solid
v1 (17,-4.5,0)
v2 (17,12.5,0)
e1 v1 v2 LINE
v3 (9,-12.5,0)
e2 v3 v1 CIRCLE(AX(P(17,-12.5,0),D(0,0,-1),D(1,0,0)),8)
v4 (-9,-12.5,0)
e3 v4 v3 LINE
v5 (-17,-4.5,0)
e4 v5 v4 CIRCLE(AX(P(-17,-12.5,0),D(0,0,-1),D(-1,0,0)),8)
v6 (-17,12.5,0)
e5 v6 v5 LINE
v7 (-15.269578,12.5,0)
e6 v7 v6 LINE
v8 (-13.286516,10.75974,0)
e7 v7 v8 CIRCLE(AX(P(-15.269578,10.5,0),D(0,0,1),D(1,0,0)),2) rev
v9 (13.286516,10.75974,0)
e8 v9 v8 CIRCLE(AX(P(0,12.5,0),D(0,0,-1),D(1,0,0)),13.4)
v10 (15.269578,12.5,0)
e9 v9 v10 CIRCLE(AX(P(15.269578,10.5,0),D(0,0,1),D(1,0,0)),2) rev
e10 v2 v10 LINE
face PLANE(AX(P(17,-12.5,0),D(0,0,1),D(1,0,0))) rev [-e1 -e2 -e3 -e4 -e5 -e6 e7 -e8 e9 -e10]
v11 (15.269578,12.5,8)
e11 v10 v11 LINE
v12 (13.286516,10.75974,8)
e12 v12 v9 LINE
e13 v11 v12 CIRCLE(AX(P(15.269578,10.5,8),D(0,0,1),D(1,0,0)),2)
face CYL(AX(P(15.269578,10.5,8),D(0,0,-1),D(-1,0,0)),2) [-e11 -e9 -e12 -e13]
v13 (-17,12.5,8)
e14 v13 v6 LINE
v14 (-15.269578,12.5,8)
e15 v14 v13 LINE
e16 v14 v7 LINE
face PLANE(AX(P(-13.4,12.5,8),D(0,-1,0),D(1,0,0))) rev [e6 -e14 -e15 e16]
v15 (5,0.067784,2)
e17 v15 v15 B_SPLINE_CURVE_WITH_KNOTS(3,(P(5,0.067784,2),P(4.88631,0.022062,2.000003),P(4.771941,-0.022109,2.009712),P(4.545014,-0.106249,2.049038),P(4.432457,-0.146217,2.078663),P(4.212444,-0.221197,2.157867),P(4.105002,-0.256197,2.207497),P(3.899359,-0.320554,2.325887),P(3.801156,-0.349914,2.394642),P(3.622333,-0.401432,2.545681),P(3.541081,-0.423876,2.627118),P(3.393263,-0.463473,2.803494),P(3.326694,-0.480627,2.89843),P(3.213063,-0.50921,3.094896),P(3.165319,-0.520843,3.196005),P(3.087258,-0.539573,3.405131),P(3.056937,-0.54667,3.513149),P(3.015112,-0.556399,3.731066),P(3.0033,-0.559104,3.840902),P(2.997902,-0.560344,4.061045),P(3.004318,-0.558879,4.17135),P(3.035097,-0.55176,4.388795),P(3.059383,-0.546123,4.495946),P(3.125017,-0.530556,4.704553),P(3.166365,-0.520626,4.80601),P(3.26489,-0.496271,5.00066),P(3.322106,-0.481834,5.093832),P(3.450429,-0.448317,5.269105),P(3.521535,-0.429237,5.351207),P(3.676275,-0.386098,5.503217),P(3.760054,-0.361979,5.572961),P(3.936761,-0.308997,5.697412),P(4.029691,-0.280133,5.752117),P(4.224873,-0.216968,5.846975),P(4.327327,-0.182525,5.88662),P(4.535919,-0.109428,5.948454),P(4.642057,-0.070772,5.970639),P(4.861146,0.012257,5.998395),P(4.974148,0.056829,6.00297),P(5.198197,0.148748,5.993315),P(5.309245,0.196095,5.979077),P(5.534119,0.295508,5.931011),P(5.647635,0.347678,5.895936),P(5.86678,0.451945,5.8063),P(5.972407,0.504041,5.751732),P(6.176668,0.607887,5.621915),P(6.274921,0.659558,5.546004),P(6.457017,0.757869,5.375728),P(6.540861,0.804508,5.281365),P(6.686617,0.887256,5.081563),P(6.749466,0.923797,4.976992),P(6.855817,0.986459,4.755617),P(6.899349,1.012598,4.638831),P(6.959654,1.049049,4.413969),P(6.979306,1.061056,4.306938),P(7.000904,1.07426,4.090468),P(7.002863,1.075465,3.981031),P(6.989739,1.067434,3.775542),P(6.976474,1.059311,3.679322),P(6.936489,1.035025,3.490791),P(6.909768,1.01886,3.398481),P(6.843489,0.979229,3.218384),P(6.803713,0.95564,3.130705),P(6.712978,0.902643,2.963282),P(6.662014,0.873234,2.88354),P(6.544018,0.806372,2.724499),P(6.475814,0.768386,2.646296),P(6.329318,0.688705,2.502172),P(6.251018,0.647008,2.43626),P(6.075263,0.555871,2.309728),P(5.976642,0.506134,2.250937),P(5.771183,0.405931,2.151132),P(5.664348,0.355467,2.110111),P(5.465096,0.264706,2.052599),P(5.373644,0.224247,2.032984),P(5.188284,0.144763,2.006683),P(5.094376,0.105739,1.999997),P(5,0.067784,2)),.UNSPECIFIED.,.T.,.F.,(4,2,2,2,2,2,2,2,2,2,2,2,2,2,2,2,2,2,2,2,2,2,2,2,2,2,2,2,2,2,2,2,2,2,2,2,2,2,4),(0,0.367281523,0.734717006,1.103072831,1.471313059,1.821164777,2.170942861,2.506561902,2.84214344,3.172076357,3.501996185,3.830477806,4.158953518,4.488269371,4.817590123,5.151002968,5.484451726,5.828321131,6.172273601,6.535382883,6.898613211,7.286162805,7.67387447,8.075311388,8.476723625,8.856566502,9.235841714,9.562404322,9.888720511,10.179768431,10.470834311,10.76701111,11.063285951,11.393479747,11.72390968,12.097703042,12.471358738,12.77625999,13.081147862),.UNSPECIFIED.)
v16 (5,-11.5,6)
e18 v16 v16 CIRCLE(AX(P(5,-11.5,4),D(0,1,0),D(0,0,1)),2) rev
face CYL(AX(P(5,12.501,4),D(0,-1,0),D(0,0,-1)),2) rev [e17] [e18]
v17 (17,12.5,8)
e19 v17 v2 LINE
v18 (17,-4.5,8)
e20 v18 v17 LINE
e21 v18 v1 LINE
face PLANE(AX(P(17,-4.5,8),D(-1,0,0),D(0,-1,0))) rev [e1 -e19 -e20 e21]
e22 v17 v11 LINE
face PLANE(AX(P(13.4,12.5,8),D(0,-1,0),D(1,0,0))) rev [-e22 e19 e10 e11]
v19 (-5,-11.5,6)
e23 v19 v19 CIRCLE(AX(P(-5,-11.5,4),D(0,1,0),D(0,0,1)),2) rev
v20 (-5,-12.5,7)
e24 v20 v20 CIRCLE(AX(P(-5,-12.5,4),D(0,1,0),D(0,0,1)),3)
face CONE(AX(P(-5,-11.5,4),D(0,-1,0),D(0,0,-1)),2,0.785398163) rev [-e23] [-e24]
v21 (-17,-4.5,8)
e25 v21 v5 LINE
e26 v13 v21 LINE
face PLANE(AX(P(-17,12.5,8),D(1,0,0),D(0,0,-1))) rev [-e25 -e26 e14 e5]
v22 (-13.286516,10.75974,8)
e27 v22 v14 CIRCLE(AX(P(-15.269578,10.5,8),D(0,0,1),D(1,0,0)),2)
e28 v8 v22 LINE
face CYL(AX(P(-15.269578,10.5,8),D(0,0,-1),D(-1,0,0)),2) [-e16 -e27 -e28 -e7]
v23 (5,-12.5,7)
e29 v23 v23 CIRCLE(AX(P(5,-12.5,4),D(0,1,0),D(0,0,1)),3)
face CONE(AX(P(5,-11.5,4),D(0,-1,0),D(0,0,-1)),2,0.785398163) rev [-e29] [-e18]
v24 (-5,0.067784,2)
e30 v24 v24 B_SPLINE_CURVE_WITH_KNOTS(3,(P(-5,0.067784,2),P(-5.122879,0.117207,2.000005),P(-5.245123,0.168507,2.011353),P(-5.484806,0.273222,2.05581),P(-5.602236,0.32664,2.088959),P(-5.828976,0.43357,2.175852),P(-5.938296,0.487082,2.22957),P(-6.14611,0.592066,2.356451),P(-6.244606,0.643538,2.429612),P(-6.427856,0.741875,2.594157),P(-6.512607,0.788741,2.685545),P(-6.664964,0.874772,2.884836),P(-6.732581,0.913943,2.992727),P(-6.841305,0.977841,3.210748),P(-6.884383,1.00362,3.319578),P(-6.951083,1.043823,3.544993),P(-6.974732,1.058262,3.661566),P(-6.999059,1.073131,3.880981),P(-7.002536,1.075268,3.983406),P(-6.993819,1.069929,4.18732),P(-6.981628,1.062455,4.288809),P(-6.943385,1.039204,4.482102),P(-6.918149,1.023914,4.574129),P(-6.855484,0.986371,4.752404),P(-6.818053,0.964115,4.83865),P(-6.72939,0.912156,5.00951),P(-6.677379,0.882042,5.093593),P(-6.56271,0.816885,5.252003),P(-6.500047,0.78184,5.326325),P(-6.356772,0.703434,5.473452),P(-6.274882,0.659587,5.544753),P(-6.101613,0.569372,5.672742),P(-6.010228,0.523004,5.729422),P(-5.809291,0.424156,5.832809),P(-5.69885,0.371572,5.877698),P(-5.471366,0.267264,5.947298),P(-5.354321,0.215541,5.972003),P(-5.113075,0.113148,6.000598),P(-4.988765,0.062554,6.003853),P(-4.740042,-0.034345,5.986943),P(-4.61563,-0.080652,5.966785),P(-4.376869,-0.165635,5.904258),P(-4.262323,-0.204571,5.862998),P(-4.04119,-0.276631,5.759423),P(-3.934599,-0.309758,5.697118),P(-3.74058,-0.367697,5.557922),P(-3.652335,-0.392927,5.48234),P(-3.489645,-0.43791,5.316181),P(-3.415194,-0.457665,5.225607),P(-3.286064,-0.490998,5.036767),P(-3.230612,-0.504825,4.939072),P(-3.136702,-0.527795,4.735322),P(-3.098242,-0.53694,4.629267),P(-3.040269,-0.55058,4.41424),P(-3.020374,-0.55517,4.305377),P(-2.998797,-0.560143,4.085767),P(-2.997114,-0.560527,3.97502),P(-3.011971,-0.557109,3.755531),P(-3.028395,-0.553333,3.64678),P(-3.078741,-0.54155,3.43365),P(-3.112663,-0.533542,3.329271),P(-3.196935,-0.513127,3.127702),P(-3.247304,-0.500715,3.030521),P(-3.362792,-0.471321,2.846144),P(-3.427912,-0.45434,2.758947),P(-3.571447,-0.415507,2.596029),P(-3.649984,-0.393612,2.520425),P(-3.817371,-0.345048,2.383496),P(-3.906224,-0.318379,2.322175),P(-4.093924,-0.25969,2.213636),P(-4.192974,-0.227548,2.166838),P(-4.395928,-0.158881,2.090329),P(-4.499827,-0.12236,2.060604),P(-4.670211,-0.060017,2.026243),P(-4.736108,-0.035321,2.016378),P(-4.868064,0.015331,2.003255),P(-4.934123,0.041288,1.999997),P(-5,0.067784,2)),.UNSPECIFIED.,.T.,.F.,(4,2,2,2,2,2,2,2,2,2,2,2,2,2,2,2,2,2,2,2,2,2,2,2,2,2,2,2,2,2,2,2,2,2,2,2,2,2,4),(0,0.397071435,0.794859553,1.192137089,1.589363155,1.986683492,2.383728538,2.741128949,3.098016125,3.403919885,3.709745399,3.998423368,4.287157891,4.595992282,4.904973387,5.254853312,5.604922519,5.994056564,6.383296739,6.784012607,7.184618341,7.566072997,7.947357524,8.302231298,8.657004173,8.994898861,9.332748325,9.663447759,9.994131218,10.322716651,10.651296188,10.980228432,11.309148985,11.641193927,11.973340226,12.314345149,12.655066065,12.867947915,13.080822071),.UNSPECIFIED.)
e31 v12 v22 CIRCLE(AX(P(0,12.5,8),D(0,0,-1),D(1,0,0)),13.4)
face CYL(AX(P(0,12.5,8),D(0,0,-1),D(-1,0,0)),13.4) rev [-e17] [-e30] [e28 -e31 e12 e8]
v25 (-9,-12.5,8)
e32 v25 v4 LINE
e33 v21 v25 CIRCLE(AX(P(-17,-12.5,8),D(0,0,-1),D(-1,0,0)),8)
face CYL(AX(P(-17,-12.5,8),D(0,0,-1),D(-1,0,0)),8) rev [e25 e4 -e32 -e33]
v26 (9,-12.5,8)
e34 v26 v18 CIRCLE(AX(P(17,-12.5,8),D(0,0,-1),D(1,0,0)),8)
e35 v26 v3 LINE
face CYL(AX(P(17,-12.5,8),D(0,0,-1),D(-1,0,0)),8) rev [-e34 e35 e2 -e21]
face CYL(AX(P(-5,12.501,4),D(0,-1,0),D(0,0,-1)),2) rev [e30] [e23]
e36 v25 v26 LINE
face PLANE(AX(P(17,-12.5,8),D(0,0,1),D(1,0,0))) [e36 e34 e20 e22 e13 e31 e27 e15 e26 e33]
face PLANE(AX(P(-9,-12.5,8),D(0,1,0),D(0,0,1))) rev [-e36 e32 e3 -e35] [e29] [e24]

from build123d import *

# Parameters (mm, degrees)
BOSS_EXTRU_1_DEPTH      = 8
ENL_V_MAT_EXTRU_1_REACH = 27
ESQUISSE2_R             = 2
CHANFREIN1_SIZE         = 1
CONG_1_R                = 2


with BuildPart() as part:
    # Esquisse1 → Boss.-Extru.1 (new body)
    with BuildSketch(Plane.XY):
        with BuildLine():
            Line((-17, 12.5), (-17, -4.5))
            ThreePointArc((-17, -4.5), (-11.343145751, -6.843145751), (-9, -12.5))
            Line((-9, -12.5), (9, -12.5))
            ThreePointArc((9, -12.5), (11.343145751, -6.843145751), (17, -4.5))
            Line((17, -4.5), (17, 12.5))
            Line((17, 12.5), (13.4, 12.5))
            ThreePointArc((13.4, 12.5), (0, -0.9), (-13.4, 12.5))
            Line((-13.4, 12.5), (-17, 12.5))
        make_face()
    extrude(amount=BOSS_EXTRU_1_DEPTH)

    # Esquisse2 → Enlèv. mat.-Extru.1 (cut, up to next)
    with BuildSketch(Plane.XZ.offset(12.5), mode=Mode.PRIVATE) as enl_v_mat_extru_1_sk1:
        with Locations((-5, 4)):
            Circle(ESQUISSE2_R)
    enl_v_mat_extru_1_tool1 = extrude(enl_v_mat_extru_1_sk1.sketch, amount=-ENL_V_MAT_EXTRU_1_REACH, mode=Mode.PRIVATE) & part.part
    add(enl_v_mat_extru_1_tool1.solids().sort_by_distance((-5, -12.5, 4))[0], mode=Mode.SUBTRACT)
    # Esquisse2 → Enlèv. mat.-Extru.1 (cut, up to next)
    with BuildSketch(Plane.XZ.offset(12.5), mode=Mode.PRIVATE) as enl_v_mat_extru_1_sk2:
        with Locations((5, 4)):
            Circle(ESQUISSE2_R)
    enl_v_mat_extru_1_tool2 = extrude(enl_v_mat_extru_1_sk2.sketch, amount=-ENL_V_MAT_EXTRU_1_REACH, mode=Mode.PRIVATE) & part.part
    add(enl_v_mat_extru_1_tool2.solids().sort_by_distance((5, -12.5, 4))[0], mode=Mode.SUBTRACT)

    # Chanfrein1
    chanfrein1_edges = [part.edges().sort_by_distance(p)[0] for p in [
        (-7, -12.5, 4),
        (3, -12.5, 4),
    ]]
    chamfer(chanfrein1_edges, length=CHANFREIN1_SIZE)

    # Congé1
    cong_1_edges = [part.edges().sort_by_distance(p)[0] for p in [
        (-13.4, 12.5, 4),
        (13.4, 12.5, 4),
    ]]
    fillet(cong_1_edges, radius=CONG_1_R)


solid = part.part
